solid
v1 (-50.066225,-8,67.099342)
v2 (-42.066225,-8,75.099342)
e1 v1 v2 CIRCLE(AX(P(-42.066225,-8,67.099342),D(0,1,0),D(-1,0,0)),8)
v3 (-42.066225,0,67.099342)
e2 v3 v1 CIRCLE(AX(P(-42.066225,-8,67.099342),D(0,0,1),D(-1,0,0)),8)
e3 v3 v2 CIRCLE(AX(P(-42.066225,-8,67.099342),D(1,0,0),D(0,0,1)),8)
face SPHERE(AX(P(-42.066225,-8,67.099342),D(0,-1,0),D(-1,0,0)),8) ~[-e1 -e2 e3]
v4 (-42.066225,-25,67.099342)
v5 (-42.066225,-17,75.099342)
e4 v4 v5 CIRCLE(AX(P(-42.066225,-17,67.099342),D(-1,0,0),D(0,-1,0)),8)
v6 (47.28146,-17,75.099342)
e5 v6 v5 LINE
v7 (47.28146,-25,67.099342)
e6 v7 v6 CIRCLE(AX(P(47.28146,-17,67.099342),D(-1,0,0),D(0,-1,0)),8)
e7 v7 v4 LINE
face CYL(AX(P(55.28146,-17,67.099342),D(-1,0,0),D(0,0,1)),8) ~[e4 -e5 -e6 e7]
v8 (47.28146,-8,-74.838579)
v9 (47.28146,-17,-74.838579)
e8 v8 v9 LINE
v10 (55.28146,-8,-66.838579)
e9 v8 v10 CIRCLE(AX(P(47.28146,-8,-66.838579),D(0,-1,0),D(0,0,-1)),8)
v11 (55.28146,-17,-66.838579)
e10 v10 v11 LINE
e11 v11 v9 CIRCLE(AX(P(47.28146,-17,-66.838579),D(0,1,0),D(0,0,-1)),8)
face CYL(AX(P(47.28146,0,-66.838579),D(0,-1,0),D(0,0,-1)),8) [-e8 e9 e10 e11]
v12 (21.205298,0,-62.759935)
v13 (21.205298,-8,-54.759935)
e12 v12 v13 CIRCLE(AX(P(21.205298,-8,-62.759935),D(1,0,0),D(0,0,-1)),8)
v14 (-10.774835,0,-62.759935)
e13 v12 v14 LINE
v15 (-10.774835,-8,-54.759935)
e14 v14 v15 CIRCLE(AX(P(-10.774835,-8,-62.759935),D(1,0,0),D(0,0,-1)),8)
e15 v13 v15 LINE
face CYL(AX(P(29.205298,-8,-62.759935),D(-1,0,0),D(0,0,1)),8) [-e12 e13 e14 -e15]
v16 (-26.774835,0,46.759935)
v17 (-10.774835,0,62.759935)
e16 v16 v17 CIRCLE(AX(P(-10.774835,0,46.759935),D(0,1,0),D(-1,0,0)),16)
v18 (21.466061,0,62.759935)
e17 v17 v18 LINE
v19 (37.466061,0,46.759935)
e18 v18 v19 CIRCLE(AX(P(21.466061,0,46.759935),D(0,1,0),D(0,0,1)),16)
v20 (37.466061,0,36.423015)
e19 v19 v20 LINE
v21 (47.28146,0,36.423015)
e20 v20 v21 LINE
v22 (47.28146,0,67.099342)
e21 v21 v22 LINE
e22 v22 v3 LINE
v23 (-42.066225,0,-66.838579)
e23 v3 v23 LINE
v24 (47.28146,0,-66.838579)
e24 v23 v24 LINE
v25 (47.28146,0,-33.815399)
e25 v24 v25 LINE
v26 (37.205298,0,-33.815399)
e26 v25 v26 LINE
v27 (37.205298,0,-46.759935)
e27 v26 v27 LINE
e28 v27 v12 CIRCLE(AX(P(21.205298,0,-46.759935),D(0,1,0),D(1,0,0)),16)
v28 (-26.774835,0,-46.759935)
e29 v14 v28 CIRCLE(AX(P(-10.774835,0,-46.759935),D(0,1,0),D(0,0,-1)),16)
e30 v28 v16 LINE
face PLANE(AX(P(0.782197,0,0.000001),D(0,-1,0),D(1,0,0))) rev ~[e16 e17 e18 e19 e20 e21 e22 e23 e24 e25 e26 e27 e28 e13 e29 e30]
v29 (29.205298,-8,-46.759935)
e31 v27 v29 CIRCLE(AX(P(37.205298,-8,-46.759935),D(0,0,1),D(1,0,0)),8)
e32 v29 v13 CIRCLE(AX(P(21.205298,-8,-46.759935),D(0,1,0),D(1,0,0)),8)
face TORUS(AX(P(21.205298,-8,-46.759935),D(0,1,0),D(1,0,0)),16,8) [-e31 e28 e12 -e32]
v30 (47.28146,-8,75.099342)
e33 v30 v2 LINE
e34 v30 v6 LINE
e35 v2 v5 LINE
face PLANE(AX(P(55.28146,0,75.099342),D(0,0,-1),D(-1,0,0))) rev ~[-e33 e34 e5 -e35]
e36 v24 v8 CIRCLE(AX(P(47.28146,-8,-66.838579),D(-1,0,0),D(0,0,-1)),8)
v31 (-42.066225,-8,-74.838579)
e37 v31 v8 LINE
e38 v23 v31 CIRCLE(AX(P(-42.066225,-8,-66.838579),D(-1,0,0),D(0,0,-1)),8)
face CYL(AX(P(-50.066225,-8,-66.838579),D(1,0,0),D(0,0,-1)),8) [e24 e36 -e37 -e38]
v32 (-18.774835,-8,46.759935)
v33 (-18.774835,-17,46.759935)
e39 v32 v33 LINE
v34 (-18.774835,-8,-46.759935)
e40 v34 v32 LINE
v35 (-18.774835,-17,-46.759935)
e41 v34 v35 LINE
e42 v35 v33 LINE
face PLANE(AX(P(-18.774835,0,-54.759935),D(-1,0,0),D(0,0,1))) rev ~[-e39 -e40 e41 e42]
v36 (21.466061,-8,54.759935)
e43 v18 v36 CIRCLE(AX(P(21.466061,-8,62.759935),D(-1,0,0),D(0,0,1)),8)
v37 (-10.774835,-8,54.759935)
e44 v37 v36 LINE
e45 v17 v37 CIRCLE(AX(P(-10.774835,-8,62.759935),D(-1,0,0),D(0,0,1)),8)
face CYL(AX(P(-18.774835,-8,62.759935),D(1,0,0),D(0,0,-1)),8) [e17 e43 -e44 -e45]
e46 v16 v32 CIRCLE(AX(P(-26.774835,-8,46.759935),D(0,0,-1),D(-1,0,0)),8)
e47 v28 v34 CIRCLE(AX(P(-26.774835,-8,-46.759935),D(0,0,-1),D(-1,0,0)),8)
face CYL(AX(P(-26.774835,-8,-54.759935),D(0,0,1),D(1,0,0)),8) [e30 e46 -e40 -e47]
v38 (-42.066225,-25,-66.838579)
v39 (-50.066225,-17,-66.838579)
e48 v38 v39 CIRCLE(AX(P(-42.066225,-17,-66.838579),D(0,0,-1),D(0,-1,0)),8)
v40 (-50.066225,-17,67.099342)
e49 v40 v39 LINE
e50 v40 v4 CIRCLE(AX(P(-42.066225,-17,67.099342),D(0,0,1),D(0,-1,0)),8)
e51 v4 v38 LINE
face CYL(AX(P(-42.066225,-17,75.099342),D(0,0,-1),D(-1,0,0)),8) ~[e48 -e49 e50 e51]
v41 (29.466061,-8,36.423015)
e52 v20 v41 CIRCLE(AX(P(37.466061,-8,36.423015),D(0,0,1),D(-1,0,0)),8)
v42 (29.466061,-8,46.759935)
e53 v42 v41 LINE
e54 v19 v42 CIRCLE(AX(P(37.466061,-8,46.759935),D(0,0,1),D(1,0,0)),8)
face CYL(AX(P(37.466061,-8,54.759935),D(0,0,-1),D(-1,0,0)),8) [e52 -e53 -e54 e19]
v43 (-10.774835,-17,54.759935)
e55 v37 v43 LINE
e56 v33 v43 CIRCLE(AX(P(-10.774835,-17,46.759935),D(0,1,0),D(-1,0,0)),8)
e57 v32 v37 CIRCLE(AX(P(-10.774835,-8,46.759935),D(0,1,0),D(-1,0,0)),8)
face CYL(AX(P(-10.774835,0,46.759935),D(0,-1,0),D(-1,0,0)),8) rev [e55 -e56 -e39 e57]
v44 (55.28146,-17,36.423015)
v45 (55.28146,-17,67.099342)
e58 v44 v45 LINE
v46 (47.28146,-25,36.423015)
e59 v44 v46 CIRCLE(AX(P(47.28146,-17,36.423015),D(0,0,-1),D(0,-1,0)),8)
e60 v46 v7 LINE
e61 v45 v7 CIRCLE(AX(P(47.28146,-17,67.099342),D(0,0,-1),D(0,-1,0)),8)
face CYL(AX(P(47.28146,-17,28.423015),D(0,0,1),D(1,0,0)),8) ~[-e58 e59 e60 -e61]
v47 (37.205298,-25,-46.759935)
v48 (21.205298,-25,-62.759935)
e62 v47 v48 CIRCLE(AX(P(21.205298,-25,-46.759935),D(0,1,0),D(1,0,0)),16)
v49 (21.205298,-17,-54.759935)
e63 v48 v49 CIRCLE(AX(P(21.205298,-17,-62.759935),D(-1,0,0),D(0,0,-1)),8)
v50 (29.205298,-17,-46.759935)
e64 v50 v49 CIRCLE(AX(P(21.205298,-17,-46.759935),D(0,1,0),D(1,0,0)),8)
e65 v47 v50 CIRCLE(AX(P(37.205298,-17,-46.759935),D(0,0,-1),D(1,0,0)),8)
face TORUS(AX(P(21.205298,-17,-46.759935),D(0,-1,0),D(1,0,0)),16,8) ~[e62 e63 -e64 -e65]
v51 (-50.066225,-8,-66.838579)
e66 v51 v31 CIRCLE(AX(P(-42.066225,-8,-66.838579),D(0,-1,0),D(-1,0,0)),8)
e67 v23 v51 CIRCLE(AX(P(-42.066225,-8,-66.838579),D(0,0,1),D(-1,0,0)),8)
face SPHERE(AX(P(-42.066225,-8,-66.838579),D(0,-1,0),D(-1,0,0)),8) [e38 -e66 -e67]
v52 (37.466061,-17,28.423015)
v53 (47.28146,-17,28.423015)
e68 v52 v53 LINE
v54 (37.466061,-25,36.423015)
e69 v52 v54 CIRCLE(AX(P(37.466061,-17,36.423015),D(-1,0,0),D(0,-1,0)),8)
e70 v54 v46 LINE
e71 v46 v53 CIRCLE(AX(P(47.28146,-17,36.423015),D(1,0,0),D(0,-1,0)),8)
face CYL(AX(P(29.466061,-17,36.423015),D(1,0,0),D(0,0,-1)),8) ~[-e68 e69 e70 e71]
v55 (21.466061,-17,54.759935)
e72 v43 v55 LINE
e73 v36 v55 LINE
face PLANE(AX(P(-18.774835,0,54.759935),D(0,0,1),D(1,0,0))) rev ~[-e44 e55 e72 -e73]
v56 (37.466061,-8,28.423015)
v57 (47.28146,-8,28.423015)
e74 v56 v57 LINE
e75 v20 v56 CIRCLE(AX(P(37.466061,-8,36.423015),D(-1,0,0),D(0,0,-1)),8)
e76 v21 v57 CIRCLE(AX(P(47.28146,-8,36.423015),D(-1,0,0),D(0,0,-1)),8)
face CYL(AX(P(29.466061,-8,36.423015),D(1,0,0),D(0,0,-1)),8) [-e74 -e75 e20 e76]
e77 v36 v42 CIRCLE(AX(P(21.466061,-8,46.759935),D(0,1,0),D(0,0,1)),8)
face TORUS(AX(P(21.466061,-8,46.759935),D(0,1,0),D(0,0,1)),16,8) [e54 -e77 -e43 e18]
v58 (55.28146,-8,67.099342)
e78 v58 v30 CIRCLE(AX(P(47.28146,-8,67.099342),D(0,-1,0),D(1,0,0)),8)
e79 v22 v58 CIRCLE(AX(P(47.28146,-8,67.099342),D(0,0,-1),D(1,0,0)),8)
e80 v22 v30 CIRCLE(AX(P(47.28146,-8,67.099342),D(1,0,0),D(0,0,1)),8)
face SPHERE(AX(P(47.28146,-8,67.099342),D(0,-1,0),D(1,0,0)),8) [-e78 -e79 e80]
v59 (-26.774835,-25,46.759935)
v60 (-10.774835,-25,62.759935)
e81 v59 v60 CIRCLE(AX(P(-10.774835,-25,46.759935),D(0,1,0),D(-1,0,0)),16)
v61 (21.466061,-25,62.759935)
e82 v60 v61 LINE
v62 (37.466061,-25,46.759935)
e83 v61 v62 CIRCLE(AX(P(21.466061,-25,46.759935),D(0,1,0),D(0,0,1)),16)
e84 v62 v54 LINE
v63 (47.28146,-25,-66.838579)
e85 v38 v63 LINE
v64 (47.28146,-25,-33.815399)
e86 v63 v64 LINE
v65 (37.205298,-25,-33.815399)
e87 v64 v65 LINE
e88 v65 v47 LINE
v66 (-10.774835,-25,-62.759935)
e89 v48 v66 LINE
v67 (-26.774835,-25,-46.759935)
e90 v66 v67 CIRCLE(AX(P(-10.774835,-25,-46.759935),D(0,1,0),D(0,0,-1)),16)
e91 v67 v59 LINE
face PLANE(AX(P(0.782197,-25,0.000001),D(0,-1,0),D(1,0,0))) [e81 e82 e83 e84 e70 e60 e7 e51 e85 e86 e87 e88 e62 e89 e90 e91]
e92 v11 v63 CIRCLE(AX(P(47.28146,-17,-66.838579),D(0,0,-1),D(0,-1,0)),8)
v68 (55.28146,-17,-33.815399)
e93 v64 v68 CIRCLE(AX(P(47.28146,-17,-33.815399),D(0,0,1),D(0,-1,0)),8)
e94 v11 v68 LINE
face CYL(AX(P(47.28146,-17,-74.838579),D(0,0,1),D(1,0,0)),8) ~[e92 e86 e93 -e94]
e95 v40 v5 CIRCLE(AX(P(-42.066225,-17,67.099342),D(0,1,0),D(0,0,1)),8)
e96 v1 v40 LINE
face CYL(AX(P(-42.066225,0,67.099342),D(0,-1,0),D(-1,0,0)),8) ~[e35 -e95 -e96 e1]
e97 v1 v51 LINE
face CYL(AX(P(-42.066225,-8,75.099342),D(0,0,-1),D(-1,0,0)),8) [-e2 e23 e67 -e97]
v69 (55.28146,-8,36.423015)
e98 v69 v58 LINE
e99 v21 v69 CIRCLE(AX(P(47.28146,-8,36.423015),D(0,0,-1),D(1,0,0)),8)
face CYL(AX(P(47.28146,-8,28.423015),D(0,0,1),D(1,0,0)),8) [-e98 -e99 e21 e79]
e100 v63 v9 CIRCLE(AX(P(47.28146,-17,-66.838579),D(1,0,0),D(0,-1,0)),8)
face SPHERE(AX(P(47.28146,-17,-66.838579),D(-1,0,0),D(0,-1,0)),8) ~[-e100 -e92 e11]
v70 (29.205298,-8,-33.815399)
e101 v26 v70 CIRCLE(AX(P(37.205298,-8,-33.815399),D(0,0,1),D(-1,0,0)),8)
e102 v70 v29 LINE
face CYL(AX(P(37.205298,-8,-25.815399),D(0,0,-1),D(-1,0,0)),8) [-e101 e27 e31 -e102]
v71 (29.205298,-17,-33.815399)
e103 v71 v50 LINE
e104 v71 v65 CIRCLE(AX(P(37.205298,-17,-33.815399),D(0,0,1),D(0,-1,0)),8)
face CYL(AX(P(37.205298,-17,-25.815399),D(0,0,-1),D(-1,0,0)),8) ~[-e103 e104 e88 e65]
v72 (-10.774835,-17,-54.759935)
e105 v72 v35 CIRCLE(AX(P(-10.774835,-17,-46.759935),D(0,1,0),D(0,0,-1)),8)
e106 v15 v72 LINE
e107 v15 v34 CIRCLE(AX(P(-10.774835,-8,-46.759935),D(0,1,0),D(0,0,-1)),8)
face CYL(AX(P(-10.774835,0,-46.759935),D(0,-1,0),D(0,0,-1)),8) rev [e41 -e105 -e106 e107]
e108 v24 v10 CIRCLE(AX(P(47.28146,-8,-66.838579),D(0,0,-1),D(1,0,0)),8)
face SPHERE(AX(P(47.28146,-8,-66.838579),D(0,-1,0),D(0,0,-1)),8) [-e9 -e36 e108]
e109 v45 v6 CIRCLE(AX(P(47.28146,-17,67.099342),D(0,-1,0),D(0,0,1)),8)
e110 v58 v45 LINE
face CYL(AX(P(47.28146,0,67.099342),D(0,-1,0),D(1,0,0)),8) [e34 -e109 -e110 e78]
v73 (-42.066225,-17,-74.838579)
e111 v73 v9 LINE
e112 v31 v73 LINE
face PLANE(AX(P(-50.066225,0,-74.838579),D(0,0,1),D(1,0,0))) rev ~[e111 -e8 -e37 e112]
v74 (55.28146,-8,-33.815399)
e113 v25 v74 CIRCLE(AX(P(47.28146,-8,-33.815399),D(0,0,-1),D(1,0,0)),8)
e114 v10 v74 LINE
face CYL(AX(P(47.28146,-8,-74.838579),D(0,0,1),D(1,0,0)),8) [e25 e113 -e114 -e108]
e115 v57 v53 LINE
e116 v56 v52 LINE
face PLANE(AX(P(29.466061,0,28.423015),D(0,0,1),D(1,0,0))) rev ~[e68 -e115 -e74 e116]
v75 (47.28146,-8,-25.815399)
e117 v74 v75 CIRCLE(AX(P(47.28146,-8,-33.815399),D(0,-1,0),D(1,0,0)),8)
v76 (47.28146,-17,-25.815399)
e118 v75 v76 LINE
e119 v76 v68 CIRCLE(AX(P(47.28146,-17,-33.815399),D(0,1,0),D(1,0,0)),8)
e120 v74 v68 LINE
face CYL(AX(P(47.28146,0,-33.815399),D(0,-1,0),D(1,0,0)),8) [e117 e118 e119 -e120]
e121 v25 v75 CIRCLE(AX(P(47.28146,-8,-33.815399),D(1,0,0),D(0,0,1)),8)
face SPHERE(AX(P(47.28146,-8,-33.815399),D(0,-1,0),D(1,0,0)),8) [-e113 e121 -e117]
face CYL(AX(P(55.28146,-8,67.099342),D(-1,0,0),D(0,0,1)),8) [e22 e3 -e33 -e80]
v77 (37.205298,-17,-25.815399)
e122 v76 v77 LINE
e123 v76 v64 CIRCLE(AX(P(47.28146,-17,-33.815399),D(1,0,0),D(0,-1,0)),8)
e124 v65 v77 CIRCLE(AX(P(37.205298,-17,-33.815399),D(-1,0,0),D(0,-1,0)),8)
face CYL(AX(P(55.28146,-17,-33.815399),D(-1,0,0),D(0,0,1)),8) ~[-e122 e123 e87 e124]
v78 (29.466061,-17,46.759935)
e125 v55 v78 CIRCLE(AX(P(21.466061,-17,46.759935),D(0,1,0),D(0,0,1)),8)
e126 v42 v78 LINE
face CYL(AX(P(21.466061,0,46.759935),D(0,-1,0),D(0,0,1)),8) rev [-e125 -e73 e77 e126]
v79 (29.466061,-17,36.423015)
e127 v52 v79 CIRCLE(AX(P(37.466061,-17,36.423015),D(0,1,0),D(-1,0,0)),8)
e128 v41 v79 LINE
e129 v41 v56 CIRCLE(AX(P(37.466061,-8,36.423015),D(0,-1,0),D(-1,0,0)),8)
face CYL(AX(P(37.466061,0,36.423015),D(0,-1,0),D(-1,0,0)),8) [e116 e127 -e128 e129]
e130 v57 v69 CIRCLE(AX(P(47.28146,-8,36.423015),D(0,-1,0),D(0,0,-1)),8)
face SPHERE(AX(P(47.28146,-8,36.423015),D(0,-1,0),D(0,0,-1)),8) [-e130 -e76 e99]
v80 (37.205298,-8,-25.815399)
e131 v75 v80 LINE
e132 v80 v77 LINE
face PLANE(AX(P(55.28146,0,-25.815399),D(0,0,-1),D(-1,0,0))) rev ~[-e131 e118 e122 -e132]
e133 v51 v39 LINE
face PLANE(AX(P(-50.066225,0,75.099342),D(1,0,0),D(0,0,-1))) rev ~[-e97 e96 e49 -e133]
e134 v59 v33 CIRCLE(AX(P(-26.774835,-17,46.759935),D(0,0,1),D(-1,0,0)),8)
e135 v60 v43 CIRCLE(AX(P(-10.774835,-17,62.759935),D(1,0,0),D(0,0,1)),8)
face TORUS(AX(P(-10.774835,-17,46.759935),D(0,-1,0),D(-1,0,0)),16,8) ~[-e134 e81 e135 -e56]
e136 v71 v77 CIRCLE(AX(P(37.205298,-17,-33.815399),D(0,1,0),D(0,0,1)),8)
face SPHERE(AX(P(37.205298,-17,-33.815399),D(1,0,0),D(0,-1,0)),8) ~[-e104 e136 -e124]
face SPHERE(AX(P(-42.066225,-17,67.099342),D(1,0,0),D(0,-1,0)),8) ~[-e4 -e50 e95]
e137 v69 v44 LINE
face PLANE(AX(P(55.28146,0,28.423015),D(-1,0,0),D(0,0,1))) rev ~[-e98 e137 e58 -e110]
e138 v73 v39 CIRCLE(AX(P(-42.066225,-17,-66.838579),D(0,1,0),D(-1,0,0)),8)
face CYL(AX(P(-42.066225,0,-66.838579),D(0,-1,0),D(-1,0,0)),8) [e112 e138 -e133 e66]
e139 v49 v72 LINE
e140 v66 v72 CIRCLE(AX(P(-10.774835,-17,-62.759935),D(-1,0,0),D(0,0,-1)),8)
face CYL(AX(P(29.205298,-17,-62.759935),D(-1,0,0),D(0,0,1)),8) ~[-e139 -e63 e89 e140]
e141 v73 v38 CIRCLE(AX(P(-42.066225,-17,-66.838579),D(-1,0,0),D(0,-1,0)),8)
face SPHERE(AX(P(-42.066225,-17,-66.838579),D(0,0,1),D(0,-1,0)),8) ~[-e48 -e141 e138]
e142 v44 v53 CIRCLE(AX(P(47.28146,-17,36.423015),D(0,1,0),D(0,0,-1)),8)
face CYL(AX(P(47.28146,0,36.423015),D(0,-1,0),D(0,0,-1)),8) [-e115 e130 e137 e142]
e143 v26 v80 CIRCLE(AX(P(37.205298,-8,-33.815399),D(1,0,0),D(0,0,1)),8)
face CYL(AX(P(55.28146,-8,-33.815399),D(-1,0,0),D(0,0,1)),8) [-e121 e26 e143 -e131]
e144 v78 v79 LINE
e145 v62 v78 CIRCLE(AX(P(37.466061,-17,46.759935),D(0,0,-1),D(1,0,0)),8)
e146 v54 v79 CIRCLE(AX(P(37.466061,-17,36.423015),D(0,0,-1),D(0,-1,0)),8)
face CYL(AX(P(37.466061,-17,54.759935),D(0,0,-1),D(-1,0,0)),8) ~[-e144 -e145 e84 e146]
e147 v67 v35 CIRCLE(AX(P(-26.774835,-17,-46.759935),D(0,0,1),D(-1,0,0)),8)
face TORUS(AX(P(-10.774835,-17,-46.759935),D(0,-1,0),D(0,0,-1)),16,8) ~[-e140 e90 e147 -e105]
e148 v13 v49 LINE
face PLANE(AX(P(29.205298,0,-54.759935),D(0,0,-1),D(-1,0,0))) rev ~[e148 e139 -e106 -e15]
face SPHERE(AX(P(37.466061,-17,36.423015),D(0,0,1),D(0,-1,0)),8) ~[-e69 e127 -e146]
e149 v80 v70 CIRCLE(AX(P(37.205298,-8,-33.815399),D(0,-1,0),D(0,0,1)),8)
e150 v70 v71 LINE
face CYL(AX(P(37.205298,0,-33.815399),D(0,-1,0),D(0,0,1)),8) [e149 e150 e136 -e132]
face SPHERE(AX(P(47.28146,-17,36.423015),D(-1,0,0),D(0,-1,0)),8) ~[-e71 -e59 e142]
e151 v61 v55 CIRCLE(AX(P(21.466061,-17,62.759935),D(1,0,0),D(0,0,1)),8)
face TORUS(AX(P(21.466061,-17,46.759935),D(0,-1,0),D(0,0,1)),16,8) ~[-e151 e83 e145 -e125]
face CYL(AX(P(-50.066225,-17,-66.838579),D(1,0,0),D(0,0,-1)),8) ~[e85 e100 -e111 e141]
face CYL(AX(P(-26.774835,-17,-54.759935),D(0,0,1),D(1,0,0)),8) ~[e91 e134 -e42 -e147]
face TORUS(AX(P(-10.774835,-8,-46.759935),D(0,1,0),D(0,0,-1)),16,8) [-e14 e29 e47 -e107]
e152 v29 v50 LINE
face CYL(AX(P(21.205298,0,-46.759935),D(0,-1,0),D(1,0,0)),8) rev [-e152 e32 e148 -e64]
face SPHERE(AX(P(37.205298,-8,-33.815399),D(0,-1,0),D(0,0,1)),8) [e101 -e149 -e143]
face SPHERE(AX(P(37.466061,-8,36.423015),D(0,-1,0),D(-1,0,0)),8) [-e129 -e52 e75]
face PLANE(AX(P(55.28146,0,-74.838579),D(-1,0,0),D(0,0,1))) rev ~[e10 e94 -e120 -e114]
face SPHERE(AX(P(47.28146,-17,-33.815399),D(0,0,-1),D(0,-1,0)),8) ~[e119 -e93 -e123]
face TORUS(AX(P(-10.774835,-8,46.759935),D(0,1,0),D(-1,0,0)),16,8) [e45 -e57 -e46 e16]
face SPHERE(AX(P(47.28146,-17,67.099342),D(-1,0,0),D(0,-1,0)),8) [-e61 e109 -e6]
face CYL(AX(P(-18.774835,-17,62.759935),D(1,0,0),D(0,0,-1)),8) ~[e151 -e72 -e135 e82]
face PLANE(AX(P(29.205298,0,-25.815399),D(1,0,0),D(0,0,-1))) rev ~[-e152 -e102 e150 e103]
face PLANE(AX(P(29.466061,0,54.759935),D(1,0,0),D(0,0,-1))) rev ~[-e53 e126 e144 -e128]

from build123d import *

# Parameters (mm, degrees)
F1_DEPTH = 25
F2_R     = 8


with BuildPart() as f1:
    # F0 (on Front) → F1 (new body)
    with BuildSketch(Plane.XZ):
        Polygon((-18.774835, 75.099342), (-50.066225, 75.099342), (-50.066225, -74.838579), (-18.774835, -74.838579), (55.28146, -74.838579), (55.28146, -54.759935), (55.28146, -25.815399), (29.205298, -25.815399), (29.205298, -54.759935), (-18.774835, -54.759935), (-18.774835, 54.759935), (29.466061, 54.759935), (29.466061, 28.423015), (55.28146, 28.423015), (55.28146, 54.759935), (55.28146, 75.099342), align=None)
    extrude(amount=F1_DEPTH)

    # F2
    f2_edges = [f1.edges().sort_by_distance(p)[0] for p in [
        (2.607618, -25, 75.099342),
        (-50.066225, -25, 0.130381),
        (2.607618, -25, -74.838579),
        (55.28146, -25, -50.326989),
        (42.243379, -25, -25.815399),
        (29.205298, -25, -40.287667),
        (5.215231, -25, -54.759935),
        (-18.774835, -25, 0),
        (5.345613, -25, 54.759935),
        (29.466061, -25, 41.591475),
        (42.373761, -25, 28.423015),
        (55.28146, -25, 51.761178),
        (-18.774835, -12.5, -54.759935),
        (29.205298, -12.5, -54.759935),
        (29.466061, -12.5, 54.759935),
        (-18.774835, -12.5, 54.759935),
        (55.28146, -12.5, 28.423015),
        (29.466061, -12.5, 28.423015),
        (55.28146, -12.5, 75.099342),
        (55.28146, -12.5, -25.815399),
        (29.205298, -12.5, -25.815399),
        (55.28146, -12.5, -74.838579),
        (-50.066225, -12.5, -74.838579),
        (-50.066225, -12.5, 75.099342),
        (-50.066225, 0, 0.130381),
        (2.607618, 0, -74.838579),
        (55.28146, 0, -50.326989),
        (42.243379, 0, -25.815399),
        (29.205298, 0, -40.287667),
        (5.215231, 0, -54.759935),
        (-18.774835, 0, 0),
        (5.345613, 0, 54.759935),
        (29.466061, 0, 41.591475),
        (42.373761, 0, 28.423015),
        (55.28146, 0, 51.761178),
        (2.607618, 0, 75.099342),
    ]]
    fillet(f2_edges, radius=F2_R)


solid = f1.part
